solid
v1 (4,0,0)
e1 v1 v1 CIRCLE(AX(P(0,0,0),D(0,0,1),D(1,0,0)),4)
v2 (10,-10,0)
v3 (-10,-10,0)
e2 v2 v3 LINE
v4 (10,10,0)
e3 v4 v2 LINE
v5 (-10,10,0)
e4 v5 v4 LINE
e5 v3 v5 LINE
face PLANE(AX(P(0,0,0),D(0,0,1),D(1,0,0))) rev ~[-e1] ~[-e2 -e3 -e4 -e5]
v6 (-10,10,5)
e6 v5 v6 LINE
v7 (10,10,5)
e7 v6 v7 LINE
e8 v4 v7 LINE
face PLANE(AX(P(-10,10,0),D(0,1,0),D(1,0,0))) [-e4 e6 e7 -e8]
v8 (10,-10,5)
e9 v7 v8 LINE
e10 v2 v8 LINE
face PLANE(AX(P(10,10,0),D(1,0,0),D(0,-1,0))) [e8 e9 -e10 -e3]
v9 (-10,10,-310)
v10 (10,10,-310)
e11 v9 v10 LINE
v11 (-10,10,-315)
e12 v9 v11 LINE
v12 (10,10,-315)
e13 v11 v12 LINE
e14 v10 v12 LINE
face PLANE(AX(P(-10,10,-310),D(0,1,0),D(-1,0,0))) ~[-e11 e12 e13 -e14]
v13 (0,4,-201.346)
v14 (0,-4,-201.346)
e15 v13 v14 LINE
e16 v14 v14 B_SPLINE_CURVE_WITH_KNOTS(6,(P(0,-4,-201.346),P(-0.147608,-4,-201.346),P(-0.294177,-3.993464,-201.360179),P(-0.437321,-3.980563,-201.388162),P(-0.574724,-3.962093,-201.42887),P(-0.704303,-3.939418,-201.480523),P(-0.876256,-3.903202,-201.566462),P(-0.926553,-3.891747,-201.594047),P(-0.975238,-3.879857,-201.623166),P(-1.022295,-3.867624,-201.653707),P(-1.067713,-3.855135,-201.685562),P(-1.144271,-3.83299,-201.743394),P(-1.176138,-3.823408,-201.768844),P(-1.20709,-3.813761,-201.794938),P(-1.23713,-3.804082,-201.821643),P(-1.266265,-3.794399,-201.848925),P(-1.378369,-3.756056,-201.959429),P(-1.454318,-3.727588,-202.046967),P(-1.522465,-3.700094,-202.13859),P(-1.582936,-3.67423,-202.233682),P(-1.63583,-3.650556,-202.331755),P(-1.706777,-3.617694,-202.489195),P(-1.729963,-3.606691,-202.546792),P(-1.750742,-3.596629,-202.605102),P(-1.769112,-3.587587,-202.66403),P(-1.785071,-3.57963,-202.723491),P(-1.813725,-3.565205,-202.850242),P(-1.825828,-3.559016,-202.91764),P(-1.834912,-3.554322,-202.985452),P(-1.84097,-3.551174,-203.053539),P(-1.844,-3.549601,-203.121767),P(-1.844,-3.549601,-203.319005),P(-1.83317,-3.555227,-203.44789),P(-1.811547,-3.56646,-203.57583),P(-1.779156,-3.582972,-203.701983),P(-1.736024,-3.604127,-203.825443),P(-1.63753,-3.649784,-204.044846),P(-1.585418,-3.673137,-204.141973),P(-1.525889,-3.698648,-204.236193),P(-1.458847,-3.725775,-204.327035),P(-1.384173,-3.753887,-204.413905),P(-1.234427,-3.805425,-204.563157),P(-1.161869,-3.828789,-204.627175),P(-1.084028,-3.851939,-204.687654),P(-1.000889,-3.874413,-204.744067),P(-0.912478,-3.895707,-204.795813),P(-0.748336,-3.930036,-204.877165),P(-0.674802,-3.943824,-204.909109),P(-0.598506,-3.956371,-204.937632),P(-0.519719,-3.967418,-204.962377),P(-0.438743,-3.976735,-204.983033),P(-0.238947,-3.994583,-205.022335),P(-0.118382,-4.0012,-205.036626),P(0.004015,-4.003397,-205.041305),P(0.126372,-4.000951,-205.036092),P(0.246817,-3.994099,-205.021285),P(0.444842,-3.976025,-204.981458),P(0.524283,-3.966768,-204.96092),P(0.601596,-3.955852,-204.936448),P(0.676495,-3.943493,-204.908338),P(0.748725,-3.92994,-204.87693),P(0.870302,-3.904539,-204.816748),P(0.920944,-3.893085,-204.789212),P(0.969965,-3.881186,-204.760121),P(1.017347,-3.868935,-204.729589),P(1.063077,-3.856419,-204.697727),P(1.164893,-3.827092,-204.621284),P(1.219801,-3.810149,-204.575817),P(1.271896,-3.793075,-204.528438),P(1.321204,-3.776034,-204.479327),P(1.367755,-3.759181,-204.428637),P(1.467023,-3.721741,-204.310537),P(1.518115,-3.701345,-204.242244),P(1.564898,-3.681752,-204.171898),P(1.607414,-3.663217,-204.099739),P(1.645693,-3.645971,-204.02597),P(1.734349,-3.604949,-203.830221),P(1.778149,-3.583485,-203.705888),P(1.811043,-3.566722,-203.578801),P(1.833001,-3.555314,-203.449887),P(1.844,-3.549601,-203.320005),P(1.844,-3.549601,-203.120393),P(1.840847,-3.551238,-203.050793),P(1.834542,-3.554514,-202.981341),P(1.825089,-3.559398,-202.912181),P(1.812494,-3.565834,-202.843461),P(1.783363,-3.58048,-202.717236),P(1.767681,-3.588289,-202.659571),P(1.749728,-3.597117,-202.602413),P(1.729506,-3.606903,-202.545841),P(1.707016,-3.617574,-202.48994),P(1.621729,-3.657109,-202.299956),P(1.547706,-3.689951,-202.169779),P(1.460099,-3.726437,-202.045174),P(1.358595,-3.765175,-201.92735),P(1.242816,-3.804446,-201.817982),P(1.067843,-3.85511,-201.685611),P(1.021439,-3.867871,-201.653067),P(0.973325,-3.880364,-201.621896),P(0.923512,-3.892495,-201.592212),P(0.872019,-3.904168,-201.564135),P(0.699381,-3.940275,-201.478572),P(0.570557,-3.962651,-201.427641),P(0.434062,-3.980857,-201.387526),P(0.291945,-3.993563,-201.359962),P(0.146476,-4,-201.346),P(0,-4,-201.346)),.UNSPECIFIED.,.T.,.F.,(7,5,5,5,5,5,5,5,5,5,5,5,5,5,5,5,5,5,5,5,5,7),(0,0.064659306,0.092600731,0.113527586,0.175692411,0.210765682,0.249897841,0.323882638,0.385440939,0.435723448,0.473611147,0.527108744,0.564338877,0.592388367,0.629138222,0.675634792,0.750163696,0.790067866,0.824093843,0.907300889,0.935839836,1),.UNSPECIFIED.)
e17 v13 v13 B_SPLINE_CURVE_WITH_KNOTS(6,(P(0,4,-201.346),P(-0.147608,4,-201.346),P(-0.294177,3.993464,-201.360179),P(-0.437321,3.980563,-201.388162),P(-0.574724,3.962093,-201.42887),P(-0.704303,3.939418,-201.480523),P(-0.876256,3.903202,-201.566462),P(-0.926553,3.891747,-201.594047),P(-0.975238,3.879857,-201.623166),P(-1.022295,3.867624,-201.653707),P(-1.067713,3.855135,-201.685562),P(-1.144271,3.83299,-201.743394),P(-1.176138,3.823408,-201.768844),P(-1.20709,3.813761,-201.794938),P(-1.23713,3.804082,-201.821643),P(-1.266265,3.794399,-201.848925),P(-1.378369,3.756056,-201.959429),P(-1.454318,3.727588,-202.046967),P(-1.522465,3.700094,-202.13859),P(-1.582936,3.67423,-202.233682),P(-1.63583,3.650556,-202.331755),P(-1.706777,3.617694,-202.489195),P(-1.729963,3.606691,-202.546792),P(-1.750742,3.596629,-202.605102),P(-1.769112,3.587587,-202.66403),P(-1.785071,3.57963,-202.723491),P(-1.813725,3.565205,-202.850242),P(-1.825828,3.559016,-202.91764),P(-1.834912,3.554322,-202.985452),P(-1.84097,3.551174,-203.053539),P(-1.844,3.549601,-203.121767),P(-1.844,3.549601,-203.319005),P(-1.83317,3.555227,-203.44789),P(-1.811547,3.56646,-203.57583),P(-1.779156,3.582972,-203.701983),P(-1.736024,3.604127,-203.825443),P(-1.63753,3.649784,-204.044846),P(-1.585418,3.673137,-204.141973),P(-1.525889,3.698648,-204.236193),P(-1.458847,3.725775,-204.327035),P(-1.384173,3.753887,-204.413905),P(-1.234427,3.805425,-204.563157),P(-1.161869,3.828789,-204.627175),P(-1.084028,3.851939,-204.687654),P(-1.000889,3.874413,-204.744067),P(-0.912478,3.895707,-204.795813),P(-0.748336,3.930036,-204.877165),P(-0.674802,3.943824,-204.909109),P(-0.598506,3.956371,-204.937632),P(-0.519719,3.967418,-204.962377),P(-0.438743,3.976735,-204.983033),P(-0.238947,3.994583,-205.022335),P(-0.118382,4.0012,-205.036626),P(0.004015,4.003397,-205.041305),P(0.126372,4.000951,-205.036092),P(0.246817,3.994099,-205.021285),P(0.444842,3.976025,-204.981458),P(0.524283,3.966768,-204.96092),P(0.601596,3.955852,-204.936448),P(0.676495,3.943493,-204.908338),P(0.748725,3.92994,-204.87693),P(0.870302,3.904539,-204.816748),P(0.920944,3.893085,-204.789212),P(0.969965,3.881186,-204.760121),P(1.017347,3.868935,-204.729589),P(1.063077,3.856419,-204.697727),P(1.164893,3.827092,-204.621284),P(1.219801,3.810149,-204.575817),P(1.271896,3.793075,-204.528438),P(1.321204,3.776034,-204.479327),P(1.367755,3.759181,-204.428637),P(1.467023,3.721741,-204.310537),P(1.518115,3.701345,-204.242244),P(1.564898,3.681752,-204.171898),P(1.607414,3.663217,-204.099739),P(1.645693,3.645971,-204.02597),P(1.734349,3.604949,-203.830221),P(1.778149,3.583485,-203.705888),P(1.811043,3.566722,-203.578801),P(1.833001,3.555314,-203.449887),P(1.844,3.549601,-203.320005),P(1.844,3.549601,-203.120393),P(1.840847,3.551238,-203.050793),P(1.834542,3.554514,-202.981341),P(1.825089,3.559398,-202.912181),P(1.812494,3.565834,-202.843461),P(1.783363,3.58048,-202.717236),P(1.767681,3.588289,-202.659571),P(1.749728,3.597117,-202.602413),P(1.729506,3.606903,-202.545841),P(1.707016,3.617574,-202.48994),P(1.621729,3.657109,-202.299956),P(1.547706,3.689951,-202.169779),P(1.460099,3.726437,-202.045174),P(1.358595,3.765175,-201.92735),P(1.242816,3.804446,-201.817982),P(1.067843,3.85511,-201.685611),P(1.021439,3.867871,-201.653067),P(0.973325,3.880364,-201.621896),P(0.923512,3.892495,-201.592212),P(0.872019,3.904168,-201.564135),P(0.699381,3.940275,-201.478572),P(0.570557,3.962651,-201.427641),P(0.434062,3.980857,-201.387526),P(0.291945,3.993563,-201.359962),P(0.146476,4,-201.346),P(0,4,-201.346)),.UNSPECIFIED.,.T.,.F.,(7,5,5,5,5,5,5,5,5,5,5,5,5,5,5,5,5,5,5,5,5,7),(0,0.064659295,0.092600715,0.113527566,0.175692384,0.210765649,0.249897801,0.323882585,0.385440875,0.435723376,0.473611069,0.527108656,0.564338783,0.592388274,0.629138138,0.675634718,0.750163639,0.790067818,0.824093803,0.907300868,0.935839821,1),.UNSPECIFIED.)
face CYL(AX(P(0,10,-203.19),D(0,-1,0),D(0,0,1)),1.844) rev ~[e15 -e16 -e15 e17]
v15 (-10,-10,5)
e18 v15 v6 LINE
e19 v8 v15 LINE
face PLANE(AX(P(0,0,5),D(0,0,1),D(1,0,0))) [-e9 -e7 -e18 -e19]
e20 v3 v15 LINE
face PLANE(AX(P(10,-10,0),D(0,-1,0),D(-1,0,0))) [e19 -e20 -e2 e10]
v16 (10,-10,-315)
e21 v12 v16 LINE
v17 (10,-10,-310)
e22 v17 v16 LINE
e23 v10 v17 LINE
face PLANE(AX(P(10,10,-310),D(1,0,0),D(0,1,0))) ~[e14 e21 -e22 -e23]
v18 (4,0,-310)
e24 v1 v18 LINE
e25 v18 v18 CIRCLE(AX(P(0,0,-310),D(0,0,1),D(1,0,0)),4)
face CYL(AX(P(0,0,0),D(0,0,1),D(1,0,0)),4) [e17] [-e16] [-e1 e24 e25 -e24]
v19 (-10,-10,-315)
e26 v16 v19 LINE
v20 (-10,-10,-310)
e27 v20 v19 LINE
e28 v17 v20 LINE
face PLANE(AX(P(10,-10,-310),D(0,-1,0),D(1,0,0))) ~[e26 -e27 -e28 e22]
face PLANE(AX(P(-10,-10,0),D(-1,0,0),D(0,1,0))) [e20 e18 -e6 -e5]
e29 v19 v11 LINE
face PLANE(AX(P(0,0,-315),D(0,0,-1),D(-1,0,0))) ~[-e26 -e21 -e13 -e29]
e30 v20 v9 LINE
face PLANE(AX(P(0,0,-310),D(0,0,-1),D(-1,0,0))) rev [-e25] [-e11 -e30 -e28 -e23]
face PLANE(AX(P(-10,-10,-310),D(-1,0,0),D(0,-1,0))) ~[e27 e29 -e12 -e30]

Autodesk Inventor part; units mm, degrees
ref_plane "YZ Plane" through (0, 0, 0) normal (1, 0, 0) x (0, 1, 0)
sketch "Sketch3" plane through (0, 0, 0) normal (0, 0, 1) x (1, 0, 0)
  circle A0 centre (0, 0) radius 4
  dimension "d11" = 8
extrude "Extrusion5" add sketch "Sketch3" against normal blind 310
sketch "Sketch4" plane through (0, 0, 0) normal (0, 0, 1) x (1, 0, 0)
  line L0 (-10, 10) -> (10, 10)
  line L1 (10, 10) -> (10, -10)
  line L2 (10, -10) -> (-10, -10)
  line L3 (-10, -10) -> (-10, 10)
  line L4 (-10, 10) -> (10, -10) construction
  line L5 (10, 10) -> (-10, -10) construction
  point P0 (0, 0)
  dimension "d17" = 20
  dimension "d18" = 20
extrude "Extrusion6" add sketch "Sketch4" along normal blind 5
ref_plane "Work Plane4" through (0, 0, -155) normal (0, 0, -1) x (-1, 0, 0)
mirror "Mirror1" about plane through (0, 0, -155) normal (0, 0, -1) of "Extrusion6"
ref_plane "Work Plane6" through (10, 10, -315) normal (0, -1, 0) x (-1, 0, 0)
ref_plane "Work Plane5" through (10, -10, -203.19) normal (0, 0, -1) x (-1, 0, 0)
sketch "Sketch5" plane through (10, 10, -315) normal (0, -1, 0) x (-1, 0, 0)
  line L0 (-4, -111.81) -> (24, -111.81) construction
  line L1 (14, -5) -> (6, -5) construction
  line L2 (6, -315) -> (14, -315) construction
  line L3 (0, -5) -> (20, -5) construction
  line L4 (10, -5) -> (10, -315) construction
  line L5 (6, -315) -> (6, -5) construction
  point P0 (10, -111.81)
hole "Hole1" at (0, 10, -203.19) direction (0, -1, 0) diameter 3.688 end through all
properties part number "rear axle" material "Steel, Mild"
